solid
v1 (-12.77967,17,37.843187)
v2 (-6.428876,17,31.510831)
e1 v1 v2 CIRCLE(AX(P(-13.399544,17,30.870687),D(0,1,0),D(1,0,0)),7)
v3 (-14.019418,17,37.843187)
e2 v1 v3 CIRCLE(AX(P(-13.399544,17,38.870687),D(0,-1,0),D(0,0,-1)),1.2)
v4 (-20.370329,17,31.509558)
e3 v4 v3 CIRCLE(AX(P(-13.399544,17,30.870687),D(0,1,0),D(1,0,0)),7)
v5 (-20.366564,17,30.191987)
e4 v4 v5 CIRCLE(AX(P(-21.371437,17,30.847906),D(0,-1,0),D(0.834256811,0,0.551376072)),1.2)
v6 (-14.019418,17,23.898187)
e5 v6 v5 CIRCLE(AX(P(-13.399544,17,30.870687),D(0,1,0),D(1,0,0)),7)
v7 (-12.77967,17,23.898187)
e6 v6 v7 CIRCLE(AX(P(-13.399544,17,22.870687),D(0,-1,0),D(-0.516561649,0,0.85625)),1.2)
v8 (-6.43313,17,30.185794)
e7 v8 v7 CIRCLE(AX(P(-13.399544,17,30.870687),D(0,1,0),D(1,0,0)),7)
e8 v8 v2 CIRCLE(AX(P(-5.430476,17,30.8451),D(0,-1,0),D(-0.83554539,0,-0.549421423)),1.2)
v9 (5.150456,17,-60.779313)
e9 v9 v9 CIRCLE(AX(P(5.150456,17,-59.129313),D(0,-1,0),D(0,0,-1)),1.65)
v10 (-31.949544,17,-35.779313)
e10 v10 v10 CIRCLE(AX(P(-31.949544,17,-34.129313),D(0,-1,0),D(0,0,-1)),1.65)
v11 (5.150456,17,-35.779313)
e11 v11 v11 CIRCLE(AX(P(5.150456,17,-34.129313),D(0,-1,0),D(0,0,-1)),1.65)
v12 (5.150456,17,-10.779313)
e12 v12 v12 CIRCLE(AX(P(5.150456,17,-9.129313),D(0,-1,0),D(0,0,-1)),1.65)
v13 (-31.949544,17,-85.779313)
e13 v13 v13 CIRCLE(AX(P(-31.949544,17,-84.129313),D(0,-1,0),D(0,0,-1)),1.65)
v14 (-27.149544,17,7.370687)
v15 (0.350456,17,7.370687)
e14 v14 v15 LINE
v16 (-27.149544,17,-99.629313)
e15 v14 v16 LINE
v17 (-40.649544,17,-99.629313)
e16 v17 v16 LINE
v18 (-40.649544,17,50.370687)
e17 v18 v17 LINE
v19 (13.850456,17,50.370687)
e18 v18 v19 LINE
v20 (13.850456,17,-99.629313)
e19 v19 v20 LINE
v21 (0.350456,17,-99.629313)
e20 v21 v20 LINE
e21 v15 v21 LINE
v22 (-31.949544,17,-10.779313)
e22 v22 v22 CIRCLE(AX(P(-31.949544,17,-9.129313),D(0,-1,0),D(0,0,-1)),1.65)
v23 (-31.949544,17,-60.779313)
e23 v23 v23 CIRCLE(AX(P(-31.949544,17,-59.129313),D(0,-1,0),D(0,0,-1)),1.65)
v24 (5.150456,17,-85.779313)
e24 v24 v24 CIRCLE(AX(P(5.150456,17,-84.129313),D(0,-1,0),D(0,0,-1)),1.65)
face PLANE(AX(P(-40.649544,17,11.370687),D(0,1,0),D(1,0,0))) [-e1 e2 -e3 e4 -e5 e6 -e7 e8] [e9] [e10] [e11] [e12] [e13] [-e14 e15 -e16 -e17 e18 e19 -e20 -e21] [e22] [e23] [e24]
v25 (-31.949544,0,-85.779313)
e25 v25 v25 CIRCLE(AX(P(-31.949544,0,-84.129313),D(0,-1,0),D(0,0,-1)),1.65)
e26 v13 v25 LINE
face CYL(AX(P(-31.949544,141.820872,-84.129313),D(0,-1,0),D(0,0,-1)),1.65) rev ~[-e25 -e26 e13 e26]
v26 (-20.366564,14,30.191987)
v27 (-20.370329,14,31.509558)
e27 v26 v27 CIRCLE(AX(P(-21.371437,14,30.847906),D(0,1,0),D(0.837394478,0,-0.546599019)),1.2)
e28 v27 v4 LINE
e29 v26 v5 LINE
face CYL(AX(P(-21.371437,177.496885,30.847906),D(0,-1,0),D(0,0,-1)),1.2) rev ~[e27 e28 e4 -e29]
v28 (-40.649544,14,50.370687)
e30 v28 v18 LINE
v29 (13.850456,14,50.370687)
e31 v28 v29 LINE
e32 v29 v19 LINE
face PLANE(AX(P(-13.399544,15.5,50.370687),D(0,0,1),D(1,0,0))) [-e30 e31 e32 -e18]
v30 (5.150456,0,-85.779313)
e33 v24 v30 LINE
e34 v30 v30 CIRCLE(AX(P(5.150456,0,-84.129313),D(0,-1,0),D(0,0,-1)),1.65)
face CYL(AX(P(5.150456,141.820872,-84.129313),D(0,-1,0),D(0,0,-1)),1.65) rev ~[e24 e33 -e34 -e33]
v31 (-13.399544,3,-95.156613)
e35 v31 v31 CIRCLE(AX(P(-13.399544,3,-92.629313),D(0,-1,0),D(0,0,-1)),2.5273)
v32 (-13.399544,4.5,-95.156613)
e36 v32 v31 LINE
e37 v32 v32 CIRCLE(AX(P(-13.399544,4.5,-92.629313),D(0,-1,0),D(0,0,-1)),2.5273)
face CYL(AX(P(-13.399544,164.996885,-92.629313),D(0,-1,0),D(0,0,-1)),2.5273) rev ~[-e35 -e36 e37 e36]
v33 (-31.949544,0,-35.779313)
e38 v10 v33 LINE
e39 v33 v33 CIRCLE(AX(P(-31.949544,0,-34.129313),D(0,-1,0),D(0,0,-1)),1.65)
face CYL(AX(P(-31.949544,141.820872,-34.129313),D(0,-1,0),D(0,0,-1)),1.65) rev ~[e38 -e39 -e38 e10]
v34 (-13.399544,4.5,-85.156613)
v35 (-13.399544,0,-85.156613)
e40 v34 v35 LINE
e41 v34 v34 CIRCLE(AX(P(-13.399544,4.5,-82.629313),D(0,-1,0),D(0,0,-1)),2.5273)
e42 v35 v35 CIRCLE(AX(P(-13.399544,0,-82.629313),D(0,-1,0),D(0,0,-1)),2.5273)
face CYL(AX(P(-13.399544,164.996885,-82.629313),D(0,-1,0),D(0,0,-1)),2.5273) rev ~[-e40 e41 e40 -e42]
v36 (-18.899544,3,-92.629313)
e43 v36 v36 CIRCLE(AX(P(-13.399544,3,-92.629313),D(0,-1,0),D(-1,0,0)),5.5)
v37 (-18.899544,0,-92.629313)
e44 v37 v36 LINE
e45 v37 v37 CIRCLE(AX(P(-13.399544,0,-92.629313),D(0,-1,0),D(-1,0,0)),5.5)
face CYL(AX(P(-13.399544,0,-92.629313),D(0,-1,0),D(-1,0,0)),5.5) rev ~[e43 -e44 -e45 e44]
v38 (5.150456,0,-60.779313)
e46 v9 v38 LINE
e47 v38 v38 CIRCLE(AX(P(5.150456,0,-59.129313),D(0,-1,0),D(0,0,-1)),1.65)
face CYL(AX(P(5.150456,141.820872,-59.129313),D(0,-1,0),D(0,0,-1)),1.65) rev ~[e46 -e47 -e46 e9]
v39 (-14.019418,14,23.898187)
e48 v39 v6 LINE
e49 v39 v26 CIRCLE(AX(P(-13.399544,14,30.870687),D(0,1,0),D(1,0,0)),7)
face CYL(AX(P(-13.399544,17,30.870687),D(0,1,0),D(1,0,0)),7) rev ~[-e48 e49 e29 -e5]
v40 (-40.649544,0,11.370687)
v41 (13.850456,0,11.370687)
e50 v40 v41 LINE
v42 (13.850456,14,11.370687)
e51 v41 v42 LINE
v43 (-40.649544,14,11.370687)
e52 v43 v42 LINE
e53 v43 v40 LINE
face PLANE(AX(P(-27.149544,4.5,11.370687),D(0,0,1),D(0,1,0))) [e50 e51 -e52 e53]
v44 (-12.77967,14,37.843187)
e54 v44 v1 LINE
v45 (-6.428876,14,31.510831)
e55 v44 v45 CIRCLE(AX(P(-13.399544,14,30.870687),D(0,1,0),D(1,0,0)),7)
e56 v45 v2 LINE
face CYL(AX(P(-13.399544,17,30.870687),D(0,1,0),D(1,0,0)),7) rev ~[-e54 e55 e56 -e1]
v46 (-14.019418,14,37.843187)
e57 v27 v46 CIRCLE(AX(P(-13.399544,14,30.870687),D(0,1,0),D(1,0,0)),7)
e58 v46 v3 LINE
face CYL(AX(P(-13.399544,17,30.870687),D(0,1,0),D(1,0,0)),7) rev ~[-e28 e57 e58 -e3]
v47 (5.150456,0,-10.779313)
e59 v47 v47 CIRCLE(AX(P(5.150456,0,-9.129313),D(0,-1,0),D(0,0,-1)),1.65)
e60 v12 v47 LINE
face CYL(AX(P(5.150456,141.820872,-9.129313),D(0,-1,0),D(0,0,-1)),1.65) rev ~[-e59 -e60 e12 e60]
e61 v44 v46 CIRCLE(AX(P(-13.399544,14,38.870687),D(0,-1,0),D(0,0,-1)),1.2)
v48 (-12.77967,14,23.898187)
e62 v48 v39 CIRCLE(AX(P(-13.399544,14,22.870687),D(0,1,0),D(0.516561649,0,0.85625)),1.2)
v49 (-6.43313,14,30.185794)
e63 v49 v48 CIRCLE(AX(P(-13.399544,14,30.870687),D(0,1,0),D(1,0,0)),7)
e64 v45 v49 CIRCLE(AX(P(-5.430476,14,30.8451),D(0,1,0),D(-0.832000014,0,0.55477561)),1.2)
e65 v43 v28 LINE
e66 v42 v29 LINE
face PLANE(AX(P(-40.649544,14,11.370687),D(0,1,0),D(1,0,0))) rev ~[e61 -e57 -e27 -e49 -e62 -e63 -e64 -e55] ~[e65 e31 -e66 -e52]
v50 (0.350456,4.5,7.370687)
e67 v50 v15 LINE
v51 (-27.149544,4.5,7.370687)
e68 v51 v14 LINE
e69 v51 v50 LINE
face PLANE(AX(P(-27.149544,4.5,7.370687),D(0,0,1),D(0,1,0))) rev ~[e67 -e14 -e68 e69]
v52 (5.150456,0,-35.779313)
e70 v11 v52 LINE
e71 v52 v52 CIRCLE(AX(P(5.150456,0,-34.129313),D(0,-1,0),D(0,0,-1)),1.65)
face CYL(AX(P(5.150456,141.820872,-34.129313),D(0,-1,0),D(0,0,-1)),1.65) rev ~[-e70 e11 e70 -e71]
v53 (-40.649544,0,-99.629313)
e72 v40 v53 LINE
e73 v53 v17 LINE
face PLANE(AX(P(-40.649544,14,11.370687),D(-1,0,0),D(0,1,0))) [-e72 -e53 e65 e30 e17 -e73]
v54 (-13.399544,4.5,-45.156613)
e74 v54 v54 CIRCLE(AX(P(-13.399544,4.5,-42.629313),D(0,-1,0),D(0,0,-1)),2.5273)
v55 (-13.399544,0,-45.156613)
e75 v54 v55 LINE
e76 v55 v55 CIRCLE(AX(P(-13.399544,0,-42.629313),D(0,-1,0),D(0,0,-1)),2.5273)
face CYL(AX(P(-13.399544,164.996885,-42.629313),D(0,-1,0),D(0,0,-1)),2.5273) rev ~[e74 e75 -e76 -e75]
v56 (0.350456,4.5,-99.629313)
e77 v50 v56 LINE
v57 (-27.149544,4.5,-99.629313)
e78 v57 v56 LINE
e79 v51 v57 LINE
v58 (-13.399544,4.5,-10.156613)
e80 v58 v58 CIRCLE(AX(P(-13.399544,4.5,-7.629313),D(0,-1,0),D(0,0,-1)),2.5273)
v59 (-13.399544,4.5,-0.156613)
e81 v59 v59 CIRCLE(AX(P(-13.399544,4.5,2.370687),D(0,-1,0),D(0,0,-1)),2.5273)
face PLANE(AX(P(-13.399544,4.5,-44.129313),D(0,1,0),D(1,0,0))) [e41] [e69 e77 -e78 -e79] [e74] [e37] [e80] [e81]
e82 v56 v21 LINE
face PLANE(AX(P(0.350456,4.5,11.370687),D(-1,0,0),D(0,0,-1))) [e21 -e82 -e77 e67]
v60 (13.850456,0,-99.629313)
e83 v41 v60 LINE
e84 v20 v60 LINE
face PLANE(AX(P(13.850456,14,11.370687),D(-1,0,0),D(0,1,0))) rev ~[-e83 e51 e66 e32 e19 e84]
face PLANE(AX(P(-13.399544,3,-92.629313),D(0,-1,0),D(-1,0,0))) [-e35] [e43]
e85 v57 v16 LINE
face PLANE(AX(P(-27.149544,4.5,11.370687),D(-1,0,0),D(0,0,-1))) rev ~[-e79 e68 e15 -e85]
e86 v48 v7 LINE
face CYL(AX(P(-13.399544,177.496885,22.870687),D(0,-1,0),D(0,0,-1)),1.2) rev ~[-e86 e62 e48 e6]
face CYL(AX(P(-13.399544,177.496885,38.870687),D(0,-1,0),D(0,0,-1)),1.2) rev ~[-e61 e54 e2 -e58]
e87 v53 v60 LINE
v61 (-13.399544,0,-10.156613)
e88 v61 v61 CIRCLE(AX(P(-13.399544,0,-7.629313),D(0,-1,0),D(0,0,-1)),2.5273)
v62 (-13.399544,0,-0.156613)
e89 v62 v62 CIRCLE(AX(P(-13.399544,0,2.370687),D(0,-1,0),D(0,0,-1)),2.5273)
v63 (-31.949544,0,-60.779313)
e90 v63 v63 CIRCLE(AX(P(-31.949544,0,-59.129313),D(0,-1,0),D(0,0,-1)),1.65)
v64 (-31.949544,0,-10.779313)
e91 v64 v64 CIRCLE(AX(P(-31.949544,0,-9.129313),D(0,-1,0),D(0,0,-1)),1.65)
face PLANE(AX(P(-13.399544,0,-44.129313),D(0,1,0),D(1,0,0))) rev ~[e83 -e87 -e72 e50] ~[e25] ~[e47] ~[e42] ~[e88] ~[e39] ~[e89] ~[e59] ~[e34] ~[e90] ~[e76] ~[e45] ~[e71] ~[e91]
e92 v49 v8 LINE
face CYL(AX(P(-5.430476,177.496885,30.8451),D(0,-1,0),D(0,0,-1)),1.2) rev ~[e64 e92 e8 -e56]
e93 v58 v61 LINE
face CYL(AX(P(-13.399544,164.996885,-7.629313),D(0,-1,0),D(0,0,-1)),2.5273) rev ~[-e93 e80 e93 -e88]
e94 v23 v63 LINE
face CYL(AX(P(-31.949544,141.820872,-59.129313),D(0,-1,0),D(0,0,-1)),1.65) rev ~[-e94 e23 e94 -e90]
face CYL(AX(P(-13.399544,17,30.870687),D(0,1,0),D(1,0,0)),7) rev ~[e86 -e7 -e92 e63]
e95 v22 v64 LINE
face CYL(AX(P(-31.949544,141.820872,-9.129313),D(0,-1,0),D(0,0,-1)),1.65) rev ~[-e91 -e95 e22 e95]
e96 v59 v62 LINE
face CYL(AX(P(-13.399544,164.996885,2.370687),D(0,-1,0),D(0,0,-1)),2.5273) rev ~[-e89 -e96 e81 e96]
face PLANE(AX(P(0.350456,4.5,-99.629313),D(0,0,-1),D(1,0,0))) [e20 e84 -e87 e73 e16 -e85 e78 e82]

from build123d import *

# Parameters (mm, degrees)
SKETCH1_W                  = 54.5
SKETCH1_H                  = 111
BOSS_EXTRUDE1_DEPTH        = 4.5
SKETCH2_W                  = 13.5
SKETCH2_H                  = 111
BOSS_EXTRUDE2_DEPTH        = 12.5
M4X0_7_TAPPED_HOLE1_D      = 3.3
SKETCH6_W                  = 4
SKETCH6_H                  = 12.5
BOSS_EXTRUDE3_DEPTH        = 37
SKETCH7_W                  = 54.5
SKETCH7_H                  = 3
BOSS_EXTRUDE5_DEPTH        = 39
SKETCH8_R                  = 7
CUT_EXTRUDE1_DEPTH         = 3
M2_CLEARANCE_HOLE1_D       = 2.4
F_8_0_199_DIAMETER_HOLE1_D = 5.0546
SKETCH12_R                 = 5.5
CUT_EXTRUDE3_DEPTH         = 3


with BuildPart() as part:
    # Sketch1 → Boss-Extrude1 (new body)
    with BuildSketch(Plane(origin=(0, 0, 0), x_dir=(1, 0, 0), z_dir=(0, 1, 0))):
        with Locations((-13.399543841, 44.129312584)):
            Rectangle(SKETCH1_W, SKETCH1_H)
    extrude(amount=BOSS_EXTRUDE1_DEPTH)

    # Sketch2 → Boss-Extrude2 (add)
    with BuildSketch(Plane(origin=(0, 4.5, 0), x_dir=(1, 0, 0), z_dir=(0, 1, 0))):
        with Locations((7.100456159, 44.129312584)):
            Rectangle(SKETCH2_W, SKETCH2_H)
        with Locations((-33.899543841, 44.129312584)):
            Rectangle(SKETCH2_W, SKETCH2_H)
    extrude(amount=BOSS_EXTRUDE2_DEPTH)

    # M4x0.7 Tapped Hole1 (through all)
    with Locations(Plane(origin=(-31.949543841, 17, -9.129312584), x_dir=(0, 0, 1), z_dir=(0, 1, 0))):
        with Locations((0, 0), (-25, 0), (-50, 0), (-75, 0), (0, 37.1), (-25, 37.1), (-50, 37.1), (-75, 37.1)):
            Hole(M4X0_7_TAPPED_HOLE1_D / 2)

    # Sketch6 → Boss-Extrude3 (add)
    with BuildSketch(Plane(origin=(-27.149543841, 0, 0), x_dir=(0, 0, -1), z_dir=(1, 0, 0))):
        with Locations((-9.370687416, 10.75)):
            Rectangle(SKETCH6_W, SKETCH6_H)
    extrude(amount=BOSS_EXTRUDE3_DEPTH)

    # Sketch7 → Boss-Extrude5 (add)
    with BuildSketch(Plane.XY.offset(11.370687416)):
        with Locations((-13.399543841, 15.5)):
            Rectangle(SKETCH7_W, SKETCH7_H)
    extrude(amount=BOSS_EXTRUDE5_DEPTH)

    # Sketch8 → Cut-Extrude1 (cut)
    with BuildSketch(Plane(origin=(0, 17, 0), x_dir=(1, 0, 0), z_dir=(0, 1, 0))):
        with Locations((-13.399543841, -30.870687416)):
            Circle(SKETCH8_R)
    extrude(amount=-CUT_EXTRUDE1_DEPTH, mode=Mode.SUBTRACT)

    # M2 Clearance Hole1 (through all)
    with Locations(Plane(origin=(-21.371437118, 17, 30.847906254), x_dir=(0, 0, 1), z_dir=(0, 1, 0))):
        with Locations((0, 0), (-7.977218838, 7.971893277), (8.022781162, 7.971893277), (-0.002806072, 15.940961576)):
            Hole(M2_CLEARANCE_HOLE1_D / 2)

    # #8 (0.199) Diameter Hole1 (through all)
    with Locations(Plane(origin=(-13.399543841, 4.5, 2.370687416), x_dir=(0, 0, 1), z_dir=(0, 1, 0))):
        with Locations((0, 0), (-10, 0), (-45, 0), (-85, 0), (-95, 0)):
            Hole(F_8_0_199_DIAMETER_HOLE1_D / 2)

    # Sketch12 → Cut-Extrude3 (cut)
    with BuildSketch(Plane(origin=(0, 0, 0), x_dir=(-1, 0, 0), z_dir=(0, -1, 0))):
        with Locations((13.399543841, 92.629312584)):
            Circle(SKETCH12_R)
    extrude(amount=-CUT_EXTRUDE3_DEPTH, mode=Mode.SUBTRACT)


solid = part.part
